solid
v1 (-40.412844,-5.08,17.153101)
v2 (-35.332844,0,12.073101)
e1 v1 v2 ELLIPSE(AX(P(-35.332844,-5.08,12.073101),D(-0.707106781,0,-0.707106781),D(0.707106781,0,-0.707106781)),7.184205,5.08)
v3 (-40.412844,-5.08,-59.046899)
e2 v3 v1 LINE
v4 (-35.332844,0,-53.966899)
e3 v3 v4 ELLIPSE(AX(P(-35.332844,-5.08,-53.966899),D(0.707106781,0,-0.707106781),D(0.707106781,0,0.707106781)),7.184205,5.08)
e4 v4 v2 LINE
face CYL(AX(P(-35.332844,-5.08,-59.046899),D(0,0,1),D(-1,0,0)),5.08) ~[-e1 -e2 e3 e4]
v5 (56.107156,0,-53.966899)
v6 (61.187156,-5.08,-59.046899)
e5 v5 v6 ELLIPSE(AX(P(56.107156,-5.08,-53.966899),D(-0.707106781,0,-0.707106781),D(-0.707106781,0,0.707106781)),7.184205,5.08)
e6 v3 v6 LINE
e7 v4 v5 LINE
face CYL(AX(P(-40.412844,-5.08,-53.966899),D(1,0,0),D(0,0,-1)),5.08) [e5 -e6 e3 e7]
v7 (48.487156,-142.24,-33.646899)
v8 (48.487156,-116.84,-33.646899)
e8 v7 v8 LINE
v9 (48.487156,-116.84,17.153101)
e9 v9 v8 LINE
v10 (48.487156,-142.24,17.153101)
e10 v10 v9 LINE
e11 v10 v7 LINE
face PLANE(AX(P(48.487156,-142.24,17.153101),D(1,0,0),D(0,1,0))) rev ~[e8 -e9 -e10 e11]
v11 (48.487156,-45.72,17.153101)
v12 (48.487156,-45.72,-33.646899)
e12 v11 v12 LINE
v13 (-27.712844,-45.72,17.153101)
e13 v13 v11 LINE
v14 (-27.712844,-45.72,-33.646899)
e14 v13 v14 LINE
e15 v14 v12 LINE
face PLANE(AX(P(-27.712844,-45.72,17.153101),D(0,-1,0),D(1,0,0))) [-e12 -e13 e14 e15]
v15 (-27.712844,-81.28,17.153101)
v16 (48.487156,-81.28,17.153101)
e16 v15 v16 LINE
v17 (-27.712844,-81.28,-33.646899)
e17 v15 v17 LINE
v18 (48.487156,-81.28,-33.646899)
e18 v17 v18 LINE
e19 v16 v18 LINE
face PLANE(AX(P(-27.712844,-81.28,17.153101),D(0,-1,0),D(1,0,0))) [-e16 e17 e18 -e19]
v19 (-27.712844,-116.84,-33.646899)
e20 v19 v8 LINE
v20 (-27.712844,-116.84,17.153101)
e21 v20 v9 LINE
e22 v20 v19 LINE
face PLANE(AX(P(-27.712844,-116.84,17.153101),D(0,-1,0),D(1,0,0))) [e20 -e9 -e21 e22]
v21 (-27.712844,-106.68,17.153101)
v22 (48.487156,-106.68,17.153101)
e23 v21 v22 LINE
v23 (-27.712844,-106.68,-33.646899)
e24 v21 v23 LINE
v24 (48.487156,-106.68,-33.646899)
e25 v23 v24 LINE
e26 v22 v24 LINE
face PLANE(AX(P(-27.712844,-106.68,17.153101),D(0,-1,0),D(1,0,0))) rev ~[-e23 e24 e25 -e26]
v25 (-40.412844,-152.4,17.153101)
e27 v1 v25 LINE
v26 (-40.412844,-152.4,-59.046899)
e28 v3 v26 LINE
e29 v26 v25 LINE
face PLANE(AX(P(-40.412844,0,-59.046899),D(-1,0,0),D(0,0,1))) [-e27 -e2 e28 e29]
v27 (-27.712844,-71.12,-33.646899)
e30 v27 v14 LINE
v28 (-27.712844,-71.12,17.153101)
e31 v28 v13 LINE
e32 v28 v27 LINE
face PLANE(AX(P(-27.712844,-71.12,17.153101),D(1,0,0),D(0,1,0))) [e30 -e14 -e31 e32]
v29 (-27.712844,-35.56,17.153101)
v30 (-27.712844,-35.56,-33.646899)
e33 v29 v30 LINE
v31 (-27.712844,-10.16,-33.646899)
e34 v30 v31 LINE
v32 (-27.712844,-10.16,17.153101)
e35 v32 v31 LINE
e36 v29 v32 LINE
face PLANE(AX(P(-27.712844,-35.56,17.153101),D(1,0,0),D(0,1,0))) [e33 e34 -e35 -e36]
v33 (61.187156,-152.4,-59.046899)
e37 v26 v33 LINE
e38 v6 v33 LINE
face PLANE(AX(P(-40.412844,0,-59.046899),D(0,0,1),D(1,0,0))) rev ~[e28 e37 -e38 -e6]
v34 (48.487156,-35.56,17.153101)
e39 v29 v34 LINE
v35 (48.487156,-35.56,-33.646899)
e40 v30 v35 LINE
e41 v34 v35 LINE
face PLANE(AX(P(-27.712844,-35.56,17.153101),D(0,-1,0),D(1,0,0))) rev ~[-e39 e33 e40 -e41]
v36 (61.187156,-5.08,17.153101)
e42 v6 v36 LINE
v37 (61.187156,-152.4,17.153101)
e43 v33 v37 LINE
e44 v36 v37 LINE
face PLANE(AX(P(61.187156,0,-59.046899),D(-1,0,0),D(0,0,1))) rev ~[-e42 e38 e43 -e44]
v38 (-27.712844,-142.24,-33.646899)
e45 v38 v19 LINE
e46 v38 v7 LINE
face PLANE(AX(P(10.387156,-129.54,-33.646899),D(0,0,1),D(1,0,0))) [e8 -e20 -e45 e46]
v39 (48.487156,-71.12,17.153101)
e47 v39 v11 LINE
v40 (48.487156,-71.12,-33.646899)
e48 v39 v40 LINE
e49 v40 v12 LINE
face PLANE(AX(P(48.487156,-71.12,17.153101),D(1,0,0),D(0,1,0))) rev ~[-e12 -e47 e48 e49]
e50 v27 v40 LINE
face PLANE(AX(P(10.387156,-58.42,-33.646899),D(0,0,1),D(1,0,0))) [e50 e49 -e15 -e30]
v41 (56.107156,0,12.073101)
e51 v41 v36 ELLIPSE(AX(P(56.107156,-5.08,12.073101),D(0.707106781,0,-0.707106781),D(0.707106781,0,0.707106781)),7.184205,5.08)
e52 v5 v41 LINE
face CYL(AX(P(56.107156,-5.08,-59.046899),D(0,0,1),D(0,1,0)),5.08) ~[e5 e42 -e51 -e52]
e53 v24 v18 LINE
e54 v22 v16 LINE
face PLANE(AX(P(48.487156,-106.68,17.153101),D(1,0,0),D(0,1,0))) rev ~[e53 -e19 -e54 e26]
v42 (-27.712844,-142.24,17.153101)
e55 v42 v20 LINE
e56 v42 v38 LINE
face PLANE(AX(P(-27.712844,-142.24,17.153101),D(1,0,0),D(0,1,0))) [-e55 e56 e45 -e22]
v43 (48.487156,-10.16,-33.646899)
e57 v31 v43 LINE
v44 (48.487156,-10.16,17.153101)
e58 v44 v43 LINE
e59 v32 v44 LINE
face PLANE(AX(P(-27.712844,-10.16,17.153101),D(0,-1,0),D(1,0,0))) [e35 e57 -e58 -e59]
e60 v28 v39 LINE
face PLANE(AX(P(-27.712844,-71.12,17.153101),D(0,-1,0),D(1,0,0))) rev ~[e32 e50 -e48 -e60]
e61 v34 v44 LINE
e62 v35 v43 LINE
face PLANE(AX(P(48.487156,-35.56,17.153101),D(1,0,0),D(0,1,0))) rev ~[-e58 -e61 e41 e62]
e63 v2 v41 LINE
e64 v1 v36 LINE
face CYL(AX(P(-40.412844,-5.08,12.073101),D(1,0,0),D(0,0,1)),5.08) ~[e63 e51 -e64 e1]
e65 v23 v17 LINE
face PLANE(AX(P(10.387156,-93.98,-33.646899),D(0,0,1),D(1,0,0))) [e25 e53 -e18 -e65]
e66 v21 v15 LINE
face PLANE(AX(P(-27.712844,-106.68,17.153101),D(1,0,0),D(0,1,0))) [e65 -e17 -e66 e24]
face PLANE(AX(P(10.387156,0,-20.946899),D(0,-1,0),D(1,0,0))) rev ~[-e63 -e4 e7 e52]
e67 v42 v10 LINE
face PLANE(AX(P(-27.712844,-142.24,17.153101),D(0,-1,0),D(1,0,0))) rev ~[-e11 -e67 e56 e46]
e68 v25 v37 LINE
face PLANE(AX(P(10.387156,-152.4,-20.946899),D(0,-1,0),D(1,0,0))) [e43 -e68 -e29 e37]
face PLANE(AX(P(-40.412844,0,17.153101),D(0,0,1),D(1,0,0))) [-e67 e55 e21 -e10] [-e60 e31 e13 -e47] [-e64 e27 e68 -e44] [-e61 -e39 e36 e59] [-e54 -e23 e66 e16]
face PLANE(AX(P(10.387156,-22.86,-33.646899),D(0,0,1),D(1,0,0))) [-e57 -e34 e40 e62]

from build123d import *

# Parameters (mm, degrees)
F0_W     = 101.6
F0_H     = 76.2
F1_DEPTH = 152.4
F2_W     = 76.2
F2_H     = 25.4
F3_DEPTH = 50.8
F4_R     = 5.08


with BuildPart() as f1:
    # F0 (on Front) → F1 (new body)
    with BuildSketch(Plane.XZ):
        with Locations((10.387156, -20.946899)):
            Rectangle(F0_W, F0_H)
    extrude(amount=F1_DEPTH)

    # F2 (on face) → F3 (cut)
    with BuildSketch(Plane.XY.offset(17.153101)):
        with Locations((10.387156, -22.86)):
            Rectangle(F2_W, F2_H)
        with Locations((10.387156, -58.42)):
            Rectangle(F2_W, F2_H)
        with Locations((10.387156, -93.98)):
            Rectangle(F2_W, F2_H)
        with Locations((10.387156, -129.54)):
            Rectangle(F2_W, F2_H)
    extrude(amount=-F3_DEPTH, mode=Mode.SUBTRACT)

    # F4
    f4_edges = [f1.edges().sort_by_distance(p)[0] for p in [
        (61.187156, 0, -20.946899),
        (10.387156, 0, -59.046899),
        (10.387156, 0, 17.153101),
        (-40.412844, 0, -20.946899),
    ]]
    fillet(f4_edges, radius=F4_R)


solid = f1.part
